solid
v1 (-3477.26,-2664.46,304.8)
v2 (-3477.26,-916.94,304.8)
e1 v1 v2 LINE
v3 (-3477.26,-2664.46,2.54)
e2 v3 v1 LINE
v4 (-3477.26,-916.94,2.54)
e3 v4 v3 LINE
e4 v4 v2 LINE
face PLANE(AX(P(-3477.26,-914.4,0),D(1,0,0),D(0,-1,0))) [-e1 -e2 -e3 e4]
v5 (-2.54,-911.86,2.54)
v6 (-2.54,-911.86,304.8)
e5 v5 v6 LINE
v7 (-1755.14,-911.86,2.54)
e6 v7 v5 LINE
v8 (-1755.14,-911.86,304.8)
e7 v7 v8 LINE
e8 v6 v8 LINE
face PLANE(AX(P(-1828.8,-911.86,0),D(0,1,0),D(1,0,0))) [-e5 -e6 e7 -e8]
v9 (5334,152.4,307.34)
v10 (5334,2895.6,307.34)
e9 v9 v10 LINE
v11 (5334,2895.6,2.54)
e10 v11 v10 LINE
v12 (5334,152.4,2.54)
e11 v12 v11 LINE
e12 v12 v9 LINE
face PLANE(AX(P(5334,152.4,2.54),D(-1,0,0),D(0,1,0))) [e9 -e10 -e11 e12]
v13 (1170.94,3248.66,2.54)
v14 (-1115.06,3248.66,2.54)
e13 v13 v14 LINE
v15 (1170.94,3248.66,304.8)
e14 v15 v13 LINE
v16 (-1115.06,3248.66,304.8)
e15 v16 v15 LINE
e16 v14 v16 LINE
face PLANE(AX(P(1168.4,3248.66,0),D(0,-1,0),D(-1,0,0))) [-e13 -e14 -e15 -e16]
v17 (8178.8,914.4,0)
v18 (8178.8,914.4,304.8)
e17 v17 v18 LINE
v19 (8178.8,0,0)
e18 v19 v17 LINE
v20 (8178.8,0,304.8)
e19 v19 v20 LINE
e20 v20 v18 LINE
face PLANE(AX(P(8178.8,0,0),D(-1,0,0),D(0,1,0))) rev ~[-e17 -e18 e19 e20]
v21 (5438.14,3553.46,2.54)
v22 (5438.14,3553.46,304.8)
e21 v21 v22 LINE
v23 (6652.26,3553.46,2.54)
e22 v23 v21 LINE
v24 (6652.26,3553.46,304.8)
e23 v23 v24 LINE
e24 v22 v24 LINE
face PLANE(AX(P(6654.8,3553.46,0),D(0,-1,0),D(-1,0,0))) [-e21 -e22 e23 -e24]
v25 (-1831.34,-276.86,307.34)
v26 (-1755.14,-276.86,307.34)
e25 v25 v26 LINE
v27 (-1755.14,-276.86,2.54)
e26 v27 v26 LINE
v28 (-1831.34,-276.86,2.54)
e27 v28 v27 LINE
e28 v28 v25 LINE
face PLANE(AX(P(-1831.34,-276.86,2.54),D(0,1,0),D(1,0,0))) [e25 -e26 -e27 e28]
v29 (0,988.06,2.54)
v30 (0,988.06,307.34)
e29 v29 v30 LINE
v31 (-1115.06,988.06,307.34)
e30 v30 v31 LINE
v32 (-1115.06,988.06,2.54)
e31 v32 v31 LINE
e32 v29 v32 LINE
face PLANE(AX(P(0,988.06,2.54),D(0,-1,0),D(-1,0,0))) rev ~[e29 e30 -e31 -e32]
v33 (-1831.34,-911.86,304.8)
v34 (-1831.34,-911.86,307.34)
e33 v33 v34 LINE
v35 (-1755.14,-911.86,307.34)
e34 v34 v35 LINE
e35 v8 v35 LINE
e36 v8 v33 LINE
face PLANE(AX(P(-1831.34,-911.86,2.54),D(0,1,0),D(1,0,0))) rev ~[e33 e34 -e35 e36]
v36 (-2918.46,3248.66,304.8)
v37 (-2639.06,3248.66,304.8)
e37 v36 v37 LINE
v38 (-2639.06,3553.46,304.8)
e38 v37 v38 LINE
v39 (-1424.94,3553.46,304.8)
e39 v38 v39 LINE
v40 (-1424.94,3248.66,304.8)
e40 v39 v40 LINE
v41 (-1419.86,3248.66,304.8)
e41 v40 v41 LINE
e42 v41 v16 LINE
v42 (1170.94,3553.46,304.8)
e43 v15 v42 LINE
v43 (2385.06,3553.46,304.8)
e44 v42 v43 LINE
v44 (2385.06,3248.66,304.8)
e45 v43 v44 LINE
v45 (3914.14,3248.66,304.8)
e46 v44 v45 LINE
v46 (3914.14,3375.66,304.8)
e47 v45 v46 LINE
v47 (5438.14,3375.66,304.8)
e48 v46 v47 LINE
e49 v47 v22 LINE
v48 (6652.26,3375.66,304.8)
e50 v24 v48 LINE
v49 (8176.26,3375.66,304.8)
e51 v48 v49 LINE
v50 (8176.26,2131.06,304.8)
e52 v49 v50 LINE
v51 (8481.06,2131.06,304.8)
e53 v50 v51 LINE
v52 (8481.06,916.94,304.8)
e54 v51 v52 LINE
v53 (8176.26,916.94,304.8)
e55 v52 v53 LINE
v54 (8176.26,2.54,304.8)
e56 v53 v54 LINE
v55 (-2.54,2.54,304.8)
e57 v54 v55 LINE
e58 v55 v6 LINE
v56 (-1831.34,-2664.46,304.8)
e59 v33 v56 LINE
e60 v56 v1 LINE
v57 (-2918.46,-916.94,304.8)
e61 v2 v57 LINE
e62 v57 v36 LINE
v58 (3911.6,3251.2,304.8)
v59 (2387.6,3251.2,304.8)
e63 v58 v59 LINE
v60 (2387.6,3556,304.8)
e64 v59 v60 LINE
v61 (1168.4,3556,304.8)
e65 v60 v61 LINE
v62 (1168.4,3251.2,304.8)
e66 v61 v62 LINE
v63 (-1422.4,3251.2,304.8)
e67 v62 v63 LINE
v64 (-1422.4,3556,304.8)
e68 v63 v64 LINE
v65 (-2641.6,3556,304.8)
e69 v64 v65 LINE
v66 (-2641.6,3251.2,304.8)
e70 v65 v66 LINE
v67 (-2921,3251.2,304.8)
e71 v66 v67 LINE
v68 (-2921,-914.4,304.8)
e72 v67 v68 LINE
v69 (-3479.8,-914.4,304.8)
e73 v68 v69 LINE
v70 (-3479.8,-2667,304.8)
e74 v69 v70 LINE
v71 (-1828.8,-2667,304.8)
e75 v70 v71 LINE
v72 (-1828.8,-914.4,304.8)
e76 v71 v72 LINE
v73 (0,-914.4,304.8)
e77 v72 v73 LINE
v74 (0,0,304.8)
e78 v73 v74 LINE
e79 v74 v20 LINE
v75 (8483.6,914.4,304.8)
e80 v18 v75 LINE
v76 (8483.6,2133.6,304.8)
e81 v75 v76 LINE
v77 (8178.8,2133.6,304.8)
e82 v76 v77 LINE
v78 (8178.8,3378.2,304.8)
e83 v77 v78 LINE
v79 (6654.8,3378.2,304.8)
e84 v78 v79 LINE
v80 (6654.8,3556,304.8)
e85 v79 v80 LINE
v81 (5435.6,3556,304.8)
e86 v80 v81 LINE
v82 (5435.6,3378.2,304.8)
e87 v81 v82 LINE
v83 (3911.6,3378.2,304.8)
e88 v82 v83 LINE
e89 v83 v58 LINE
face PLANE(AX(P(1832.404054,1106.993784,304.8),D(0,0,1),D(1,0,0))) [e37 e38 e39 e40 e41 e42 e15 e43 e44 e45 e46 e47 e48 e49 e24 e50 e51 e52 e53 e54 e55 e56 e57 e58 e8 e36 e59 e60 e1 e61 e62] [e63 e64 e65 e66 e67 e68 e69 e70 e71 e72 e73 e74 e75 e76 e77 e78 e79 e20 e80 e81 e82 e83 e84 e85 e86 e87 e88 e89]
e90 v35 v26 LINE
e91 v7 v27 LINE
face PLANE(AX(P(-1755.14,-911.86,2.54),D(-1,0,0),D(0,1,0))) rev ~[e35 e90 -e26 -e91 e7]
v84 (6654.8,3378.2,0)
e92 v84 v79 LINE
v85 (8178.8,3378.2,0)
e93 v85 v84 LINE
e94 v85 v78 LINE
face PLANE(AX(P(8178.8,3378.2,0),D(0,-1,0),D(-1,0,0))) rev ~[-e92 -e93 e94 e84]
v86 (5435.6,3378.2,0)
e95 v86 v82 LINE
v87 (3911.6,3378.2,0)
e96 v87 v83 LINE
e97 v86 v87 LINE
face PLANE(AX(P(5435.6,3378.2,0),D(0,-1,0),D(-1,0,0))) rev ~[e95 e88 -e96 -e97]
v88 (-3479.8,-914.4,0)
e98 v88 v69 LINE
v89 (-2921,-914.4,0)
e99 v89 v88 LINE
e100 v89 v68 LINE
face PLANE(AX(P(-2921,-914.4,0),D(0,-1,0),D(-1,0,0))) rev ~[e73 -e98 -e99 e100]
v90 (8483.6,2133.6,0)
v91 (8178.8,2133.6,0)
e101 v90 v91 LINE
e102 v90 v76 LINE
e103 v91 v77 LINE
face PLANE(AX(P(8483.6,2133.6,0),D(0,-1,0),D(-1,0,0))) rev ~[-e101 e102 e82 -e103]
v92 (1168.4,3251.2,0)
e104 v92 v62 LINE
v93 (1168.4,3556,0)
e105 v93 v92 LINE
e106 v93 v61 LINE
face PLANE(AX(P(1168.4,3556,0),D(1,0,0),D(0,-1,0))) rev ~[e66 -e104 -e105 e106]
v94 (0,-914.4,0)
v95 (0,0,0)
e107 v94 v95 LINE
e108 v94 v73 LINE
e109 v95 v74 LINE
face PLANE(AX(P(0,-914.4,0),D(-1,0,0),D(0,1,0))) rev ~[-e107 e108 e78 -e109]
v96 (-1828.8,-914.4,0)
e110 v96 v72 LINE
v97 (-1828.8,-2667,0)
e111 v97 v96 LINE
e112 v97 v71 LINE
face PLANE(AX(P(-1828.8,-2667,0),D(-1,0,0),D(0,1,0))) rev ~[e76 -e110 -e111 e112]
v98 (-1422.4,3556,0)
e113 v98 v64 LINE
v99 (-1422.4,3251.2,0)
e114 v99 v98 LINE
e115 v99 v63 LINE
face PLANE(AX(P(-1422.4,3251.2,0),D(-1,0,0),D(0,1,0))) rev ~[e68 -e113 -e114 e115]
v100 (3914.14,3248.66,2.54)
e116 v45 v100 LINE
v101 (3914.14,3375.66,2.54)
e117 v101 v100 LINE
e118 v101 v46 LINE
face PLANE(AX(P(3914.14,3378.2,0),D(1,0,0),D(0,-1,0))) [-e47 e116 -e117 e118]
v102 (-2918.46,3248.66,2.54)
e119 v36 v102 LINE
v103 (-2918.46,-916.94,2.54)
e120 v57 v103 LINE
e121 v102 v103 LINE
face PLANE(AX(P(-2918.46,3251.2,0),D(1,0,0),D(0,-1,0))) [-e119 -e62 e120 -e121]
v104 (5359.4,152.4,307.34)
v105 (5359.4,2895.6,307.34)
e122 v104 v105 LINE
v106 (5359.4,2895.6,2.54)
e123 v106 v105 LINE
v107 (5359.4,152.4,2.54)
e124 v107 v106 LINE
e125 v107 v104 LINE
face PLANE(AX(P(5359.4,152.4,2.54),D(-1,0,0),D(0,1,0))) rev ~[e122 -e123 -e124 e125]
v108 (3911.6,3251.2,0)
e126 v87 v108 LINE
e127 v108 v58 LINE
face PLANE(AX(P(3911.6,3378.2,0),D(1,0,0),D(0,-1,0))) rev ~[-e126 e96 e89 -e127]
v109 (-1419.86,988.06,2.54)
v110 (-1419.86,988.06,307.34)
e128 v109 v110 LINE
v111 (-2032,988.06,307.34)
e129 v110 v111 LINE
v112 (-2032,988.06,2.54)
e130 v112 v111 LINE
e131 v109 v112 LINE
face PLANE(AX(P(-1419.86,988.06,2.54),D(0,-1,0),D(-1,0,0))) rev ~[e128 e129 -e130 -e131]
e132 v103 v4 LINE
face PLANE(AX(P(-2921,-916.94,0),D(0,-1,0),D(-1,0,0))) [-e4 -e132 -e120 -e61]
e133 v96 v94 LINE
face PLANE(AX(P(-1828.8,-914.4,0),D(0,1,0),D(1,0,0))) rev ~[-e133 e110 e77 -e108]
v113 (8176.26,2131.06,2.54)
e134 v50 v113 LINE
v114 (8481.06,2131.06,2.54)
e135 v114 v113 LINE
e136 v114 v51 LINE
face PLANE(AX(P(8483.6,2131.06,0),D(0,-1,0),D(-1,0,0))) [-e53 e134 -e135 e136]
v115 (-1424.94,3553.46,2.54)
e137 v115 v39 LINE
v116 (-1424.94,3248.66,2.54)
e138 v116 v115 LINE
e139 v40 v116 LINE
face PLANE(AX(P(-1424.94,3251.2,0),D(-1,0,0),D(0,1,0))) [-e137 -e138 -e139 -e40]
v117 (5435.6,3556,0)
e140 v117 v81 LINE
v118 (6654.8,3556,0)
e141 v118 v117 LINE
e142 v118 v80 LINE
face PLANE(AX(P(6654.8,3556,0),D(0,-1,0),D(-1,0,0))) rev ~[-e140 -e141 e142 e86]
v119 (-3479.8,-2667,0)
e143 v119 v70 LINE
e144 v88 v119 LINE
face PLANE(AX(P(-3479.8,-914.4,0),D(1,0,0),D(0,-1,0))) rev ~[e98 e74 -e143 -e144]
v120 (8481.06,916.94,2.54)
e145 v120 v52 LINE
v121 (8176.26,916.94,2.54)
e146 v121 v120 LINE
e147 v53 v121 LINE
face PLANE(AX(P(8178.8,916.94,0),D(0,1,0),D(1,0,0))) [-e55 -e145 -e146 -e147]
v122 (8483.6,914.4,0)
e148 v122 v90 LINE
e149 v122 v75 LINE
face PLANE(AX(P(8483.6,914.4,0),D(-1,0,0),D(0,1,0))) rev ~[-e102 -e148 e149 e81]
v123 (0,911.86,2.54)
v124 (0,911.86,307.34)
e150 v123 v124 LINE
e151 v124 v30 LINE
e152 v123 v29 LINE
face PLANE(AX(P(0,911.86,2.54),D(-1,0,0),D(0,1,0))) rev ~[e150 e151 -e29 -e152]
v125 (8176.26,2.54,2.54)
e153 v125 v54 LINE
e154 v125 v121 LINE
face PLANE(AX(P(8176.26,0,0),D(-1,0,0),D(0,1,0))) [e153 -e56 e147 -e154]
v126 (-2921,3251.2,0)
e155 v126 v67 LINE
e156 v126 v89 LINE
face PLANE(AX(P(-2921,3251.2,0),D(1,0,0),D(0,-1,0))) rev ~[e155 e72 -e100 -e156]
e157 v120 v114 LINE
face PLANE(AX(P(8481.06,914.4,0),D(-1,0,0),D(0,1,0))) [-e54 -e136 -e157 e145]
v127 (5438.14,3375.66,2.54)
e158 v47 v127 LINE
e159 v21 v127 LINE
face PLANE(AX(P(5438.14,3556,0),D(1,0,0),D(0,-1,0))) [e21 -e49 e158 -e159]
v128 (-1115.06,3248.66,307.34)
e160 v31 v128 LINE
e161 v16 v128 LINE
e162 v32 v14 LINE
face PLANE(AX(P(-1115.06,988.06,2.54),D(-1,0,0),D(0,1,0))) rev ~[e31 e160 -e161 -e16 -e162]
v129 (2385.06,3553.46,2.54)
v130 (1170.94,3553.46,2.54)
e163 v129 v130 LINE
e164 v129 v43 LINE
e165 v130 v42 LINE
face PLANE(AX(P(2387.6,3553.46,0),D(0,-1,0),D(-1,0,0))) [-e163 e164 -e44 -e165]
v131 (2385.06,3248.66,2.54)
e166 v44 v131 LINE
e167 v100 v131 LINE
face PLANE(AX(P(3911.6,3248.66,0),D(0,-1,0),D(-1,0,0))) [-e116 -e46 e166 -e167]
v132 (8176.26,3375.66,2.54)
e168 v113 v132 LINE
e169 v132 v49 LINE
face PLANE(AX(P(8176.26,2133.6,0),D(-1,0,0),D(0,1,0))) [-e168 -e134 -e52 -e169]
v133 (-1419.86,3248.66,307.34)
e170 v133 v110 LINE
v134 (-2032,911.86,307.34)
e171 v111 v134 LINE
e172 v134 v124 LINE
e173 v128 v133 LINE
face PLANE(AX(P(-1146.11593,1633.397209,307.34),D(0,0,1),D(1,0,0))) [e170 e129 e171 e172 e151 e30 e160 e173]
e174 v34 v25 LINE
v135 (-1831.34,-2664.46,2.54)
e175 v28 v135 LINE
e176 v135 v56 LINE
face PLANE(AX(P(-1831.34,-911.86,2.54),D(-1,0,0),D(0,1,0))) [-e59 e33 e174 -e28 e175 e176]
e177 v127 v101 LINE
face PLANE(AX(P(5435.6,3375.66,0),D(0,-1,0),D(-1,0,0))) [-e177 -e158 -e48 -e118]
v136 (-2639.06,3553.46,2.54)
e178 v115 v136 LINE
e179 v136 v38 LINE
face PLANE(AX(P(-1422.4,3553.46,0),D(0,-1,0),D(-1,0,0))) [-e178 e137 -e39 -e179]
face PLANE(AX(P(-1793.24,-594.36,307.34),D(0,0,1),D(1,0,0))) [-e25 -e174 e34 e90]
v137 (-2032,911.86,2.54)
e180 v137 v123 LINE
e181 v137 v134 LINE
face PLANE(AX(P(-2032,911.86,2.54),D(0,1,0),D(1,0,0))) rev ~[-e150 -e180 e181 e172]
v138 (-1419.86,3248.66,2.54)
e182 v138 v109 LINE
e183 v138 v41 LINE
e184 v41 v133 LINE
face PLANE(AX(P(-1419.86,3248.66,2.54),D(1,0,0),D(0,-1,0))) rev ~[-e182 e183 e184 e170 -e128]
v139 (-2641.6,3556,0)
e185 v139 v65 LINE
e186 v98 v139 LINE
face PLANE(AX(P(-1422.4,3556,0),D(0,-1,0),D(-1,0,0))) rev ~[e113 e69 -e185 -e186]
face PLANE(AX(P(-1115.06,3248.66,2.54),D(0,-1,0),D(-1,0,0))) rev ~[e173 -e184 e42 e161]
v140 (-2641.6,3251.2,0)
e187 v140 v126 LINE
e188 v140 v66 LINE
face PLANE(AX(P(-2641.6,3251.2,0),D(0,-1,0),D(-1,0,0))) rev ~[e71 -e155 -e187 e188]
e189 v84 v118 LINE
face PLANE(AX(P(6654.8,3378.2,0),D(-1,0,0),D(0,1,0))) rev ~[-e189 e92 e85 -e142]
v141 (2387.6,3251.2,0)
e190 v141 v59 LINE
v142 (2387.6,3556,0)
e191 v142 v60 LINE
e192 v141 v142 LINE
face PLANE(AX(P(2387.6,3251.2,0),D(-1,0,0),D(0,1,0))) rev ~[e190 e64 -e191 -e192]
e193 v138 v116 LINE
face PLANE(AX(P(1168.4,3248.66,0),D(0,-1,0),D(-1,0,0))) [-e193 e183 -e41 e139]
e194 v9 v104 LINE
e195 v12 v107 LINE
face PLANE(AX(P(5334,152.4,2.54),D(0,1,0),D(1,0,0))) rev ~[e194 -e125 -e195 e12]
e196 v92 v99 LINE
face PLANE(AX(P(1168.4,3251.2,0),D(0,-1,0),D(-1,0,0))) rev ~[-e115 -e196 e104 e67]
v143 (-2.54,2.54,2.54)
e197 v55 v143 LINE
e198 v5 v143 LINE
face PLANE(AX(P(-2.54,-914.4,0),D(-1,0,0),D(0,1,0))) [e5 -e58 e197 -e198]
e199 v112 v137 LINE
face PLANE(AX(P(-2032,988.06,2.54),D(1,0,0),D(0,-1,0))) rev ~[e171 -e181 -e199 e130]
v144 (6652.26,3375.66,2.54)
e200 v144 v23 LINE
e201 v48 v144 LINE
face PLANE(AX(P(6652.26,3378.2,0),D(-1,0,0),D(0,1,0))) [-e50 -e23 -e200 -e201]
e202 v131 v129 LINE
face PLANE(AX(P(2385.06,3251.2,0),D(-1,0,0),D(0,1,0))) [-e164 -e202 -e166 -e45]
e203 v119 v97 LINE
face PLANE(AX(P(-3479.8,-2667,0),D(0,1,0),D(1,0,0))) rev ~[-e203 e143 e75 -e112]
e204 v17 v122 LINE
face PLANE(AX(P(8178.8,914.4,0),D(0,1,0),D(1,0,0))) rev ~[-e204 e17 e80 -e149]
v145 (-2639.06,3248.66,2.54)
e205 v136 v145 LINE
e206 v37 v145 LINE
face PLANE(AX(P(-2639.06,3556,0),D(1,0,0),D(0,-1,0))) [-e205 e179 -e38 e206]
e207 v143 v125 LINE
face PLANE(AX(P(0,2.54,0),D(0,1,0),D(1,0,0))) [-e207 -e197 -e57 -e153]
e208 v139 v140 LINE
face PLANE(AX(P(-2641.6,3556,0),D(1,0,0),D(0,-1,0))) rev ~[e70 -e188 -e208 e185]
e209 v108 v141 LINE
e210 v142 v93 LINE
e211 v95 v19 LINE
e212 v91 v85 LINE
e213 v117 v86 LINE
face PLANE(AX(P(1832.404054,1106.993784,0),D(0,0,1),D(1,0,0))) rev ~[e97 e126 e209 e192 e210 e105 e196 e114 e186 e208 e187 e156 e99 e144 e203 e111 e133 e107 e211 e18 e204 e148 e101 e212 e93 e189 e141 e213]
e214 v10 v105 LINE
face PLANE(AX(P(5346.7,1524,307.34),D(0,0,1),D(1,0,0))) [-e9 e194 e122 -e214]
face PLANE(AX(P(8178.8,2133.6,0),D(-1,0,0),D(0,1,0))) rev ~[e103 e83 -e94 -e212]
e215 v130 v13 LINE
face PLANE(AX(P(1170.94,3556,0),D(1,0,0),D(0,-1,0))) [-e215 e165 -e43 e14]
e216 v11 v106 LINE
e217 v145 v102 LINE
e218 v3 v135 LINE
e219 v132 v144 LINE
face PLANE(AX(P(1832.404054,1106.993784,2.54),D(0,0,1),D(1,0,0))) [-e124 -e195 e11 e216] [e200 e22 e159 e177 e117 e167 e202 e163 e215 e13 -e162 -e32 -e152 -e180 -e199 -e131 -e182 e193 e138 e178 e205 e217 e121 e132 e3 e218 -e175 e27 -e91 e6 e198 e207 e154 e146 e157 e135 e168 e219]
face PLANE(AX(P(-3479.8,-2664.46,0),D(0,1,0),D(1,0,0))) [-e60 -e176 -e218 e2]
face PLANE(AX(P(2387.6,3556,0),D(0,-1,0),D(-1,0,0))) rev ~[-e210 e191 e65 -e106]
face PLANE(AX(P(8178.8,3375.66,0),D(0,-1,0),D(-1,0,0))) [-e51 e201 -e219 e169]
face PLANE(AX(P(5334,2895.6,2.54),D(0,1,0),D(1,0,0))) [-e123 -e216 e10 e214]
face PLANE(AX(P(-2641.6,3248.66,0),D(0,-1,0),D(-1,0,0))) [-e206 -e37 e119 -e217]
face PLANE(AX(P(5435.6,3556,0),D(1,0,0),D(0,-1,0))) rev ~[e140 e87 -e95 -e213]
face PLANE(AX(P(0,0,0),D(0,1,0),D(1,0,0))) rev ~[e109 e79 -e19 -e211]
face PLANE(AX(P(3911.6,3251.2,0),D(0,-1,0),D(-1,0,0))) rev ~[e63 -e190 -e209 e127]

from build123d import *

# Parameters (mm, degrees)
F1_DEPTH = 304.8
F2_T     = -2.54
F4_DEPTH = 304.8
F5_W     = 76.2
F5_H     = 635
F6_DEPTH = 304.8
F7_W     = 25.4
F7_H     = 2743.2
F8_DEPTH = 304.8


with BuildPart() as f1:
    # F0 (on Top) → F1 (new body)
    with BuildSketch(Plane.XY):
        Polygon((-2921, 3251.2), (-2921, -914.4), (-3479.8, -914.4), (-3479.8, -2667), (-1828.8, -2667), (-1828.8, -914.4), (0, -914.4), (0, 0), (8178.8, 0), (8178.8, 914.4), (8483.6, 914.4), (8483.6, 2133.6), (8178.8, 2133.6), (8178.8, 3378.2), (6654.8, 3378.2), (6654.8, 3556), (5435.6, 3556), (5435.6, 3378.2), (3911.6, 3378.2), (3911.6, 3251.2), (2387.6, 3251.2), (2387.6, 3556), (1168.4, 3556), (1168.4, 3251.2), (-1422.4, 3251.2), (-1422.4, 3556), (-2641.6, 3556), (-2641.6, 3251.2), align=None)
    extrude(amount=F1_DEPTH)

    # F2
    f2_openings = [f1.faces().sort_by_distance(p)[0] for p in [
        (2087.908802, 1330.371732, 304.8),
    ]]
    offset(amount=F2_T, openings=f2_openings, kind=Kind.INTERSECTION)

    # F3 (on face) → F4 (join)
    with BuildSketch(Plane.XY.offset(2.54)):
        Polygon((-1115.06, 3248.66), (-1419.86, 3248.66), (-1419.86, 988.06), (-2032, 988.06), (-2032, 911.86), (0, 911.86), (0, 988.06), (-1115.06, 988.06), align=None)
    extrude(amount=F4_DEPTH)

    # F5 (on face) → F6 (join)
    with BuildSketch(Plane.XY.offset(2.54)):
        with Locations((-1793.24, -594.36)):
            Rectangle(F5_W, F5_H)
    extrude(amount=F6_DEPTH)

    # F7 (on face) → F8 (join)
    with BuildSketch(Plane.XY.offset(2.54)):
        with Locations((5346.7, 1524)):
            Rectangle(F7_W, F7_H)
    extrude(amount=F8_DEPTH)


solid = f1.part
